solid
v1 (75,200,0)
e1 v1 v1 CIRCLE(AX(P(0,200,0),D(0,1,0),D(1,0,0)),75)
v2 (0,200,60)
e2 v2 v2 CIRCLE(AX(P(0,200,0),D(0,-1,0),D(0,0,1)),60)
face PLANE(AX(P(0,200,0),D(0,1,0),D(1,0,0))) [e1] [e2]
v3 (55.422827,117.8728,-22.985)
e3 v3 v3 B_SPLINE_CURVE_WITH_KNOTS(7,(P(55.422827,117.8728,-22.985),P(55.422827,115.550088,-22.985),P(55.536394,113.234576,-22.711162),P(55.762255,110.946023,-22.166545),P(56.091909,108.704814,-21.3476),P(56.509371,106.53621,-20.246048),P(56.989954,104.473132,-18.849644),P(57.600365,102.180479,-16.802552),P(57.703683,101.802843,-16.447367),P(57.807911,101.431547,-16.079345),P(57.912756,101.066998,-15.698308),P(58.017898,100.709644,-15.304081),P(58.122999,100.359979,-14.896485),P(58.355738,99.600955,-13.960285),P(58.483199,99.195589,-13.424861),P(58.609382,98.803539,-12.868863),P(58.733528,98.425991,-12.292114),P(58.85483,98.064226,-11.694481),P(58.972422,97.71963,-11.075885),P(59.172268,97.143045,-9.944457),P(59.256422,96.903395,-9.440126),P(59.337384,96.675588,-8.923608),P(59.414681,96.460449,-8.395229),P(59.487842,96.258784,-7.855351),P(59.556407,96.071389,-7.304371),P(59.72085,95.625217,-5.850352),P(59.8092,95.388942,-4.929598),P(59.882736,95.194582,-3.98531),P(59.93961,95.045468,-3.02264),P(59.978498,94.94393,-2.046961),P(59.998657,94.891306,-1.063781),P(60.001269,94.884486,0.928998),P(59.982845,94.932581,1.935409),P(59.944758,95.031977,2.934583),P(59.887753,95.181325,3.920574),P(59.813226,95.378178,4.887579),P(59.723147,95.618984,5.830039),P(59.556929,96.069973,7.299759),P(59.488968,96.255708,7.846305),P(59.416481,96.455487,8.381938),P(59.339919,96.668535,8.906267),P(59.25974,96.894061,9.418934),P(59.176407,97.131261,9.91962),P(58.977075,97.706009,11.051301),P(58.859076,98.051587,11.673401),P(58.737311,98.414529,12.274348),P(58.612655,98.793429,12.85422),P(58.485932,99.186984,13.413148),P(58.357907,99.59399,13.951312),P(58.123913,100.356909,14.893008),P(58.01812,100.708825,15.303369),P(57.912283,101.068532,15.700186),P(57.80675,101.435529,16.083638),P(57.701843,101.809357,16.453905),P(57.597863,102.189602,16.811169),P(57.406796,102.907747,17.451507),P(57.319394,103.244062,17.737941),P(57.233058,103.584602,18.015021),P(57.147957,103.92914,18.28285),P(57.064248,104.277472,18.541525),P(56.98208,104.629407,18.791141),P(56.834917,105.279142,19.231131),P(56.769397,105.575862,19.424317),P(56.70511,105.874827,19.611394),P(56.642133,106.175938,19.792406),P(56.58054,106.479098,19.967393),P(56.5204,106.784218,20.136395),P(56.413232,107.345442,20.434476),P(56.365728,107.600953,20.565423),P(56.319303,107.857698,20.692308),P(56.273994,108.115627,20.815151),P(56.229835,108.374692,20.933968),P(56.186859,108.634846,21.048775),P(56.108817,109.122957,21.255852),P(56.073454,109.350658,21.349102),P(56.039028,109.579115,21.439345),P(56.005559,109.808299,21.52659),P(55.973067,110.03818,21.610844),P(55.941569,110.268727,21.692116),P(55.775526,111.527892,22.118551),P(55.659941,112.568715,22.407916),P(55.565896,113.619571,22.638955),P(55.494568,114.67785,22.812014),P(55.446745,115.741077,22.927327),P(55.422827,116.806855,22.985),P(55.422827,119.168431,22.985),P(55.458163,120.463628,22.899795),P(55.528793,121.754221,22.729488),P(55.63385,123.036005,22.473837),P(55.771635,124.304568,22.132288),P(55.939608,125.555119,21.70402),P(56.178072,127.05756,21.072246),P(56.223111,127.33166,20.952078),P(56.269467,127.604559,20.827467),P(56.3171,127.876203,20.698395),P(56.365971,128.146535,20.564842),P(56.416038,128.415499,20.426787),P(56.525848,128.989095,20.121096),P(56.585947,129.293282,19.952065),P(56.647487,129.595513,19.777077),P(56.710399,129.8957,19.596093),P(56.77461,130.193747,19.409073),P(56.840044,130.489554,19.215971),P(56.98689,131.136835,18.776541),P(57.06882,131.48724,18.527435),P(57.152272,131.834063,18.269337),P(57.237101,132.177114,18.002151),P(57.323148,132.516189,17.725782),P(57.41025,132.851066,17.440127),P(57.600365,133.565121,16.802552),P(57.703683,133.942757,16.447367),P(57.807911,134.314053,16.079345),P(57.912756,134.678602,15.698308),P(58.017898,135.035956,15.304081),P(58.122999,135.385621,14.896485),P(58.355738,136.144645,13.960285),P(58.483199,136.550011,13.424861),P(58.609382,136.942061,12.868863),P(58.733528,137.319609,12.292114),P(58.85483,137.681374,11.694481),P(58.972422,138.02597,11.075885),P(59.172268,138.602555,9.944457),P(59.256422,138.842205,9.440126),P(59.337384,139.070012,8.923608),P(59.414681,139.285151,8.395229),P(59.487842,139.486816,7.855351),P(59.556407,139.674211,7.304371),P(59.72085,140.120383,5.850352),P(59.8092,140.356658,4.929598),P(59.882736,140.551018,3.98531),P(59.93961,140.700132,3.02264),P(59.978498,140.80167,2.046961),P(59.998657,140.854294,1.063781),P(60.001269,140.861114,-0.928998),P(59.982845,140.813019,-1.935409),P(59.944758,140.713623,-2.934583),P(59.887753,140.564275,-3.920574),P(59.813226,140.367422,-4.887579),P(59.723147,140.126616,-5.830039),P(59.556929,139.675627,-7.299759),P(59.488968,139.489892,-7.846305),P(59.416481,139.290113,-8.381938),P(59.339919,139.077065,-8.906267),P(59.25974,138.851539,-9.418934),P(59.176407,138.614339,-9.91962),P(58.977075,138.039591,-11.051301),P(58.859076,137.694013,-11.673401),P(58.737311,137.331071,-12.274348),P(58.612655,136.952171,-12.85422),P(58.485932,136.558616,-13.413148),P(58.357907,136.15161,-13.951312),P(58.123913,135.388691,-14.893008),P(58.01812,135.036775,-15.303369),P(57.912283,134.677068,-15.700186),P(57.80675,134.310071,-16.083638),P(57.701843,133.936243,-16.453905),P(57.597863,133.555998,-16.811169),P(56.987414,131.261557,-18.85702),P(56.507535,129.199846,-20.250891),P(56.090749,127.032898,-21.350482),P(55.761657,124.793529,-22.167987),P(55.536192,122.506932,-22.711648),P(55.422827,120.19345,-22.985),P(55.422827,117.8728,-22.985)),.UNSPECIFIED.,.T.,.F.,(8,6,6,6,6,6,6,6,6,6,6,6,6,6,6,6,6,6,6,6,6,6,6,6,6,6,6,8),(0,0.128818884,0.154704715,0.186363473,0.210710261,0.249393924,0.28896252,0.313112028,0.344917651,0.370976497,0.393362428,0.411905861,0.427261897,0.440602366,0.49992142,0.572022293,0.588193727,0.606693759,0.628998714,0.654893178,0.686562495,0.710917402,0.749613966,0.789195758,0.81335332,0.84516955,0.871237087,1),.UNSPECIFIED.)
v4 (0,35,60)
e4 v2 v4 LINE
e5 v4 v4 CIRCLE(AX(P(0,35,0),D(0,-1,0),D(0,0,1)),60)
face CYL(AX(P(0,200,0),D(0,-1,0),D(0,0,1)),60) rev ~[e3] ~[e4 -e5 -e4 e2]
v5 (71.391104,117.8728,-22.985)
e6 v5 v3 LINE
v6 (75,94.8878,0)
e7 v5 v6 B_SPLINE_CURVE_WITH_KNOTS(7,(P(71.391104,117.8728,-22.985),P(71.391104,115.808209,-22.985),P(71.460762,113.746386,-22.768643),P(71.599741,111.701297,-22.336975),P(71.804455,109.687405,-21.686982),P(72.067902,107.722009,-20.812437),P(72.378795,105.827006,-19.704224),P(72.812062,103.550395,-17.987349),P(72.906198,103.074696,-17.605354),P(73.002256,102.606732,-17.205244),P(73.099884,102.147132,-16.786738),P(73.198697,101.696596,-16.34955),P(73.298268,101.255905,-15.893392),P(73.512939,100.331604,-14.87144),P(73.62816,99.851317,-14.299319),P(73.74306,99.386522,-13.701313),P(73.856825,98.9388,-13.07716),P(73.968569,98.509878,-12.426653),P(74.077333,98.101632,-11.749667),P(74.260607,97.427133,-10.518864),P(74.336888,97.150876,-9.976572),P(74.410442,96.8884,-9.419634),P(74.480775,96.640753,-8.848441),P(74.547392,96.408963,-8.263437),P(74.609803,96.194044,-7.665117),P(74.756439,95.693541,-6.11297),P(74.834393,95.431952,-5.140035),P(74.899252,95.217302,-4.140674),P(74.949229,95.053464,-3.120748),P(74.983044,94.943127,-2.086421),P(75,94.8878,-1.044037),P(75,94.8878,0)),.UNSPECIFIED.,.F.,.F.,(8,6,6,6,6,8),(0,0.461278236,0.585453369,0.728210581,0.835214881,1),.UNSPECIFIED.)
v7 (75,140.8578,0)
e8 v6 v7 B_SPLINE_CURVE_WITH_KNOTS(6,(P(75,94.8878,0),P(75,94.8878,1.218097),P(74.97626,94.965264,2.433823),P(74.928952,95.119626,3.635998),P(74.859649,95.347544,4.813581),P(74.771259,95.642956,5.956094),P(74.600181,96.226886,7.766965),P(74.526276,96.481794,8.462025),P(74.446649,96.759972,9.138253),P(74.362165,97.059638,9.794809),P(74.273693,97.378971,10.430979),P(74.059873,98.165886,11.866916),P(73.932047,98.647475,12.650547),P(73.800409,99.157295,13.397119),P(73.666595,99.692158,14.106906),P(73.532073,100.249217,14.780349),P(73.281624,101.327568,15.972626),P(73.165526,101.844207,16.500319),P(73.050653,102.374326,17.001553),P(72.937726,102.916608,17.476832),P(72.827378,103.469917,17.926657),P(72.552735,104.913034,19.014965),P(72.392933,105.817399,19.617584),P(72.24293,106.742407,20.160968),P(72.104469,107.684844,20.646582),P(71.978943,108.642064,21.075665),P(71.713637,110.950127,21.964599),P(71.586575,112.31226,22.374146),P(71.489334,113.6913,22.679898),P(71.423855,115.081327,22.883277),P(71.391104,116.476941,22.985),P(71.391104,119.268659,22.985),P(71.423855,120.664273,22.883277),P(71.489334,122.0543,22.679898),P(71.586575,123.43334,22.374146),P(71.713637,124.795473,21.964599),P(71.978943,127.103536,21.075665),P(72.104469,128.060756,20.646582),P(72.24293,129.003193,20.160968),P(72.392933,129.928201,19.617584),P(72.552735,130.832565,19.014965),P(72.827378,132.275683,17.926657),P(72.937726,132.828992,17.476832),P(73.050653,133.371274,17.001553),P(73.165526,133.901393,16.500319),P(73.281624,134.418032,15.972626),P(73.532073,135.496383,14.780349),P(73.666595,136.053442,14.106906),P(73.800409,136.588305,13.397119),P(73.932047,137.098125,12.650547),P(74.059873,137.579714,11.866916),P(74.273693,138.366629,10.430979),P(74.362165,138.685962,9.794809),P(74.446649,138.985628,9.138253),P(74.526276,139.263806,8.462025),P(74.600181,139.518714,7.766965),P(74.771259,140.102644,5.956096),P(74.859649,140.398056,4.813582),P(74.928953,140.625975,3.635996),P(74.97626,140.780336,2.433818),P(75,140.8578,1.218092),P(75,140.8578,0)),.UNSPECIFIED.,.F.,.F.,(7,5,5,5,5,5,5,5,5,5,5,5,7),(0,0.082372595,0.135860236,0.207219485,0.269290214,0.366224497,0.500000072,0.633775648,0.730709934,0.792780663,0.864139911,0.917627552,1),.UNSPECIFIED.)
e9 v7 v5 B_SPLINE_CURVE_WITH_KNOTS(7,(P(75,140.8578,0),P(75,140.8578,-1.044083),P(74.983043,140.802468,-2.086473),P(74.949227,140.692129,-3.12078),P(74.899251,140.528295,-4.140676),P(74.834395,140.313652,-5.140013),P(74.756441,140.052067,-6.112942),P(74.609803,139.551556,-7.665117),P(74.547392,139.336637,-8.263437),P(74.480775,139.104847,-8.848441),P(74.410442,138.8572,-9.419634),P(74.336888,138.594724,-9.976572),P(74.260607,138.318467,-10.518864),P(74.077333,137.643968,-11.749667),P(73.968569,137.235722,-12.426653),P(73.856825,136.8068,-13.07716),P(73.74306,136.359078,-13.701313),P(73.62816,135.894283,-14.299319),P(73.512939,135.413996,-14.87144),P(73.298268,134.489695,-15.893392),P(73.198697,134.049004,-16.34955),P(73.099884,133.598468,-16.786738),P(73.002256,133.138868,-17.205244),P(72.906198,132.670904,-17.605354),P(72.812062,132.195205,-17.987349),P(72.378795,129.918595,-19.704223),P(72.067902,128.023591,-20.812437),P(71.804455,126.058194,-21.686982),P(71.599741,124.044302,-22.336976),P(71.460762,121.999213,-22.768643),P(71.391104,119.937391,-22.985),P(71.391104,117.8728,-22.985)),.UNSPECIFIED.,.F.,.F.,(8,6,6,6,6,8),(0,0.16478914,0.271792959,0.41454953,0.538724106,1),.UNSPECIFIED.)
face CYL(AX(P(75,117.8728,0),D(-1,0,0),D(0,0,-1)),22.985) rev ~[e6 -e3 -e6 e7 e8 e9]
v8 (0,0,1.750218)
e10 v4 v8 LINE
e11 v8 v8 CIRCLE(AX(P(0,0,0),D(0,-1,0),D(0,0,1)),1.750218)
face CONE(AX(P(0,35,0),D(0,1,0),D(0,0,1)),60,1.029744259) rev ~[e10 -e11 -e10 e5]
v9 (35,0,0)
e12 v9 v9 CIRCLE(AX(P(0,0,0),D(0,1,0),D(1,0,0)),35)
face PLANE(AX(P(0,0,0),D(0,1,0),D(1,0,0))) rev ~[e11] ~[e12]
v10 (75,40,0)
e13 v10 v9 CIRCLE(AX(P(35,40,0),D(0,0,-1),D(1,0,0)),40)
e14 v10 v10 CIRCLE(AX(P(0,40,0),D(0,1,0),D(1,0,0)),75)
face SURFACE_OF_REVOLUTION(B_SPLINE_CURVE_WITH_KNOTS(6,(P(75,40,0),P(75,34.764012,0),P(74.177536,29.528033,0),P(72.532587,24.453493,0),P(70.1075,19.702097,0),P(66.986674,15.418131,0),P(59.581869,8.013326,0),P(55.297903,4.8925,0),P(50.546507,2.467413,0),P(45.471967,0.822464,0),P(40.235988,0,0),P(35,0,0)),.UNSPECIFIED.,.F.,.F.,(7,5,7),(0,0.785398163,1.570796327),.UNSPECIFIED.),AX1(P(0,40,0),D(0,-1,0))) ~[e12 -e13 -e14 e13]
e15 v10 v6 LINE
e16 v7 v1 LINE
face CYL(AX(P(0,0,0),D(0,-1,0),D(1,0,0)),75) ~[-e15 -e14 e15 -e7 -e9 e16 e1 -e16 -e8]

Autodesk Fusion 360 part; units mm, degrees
sketch "Sketch2" plane through (0, 0, 0) normal (0, 1, 0) x (1, 0, 0)
  circle A0 centre (0, 0) radius 75
  dimension "d1" = 150
extrude "Extrude1" add sketch "Sketch2" along normal blind 200
fillet "Fillet1" radius 40 1 edges at (-69.9246, 0, 27.1212)
hole "Hole1" at (0, 200, 0) direction (0, -1, 0) diameter 120 depth 165 tip angle 118
hole "Hole2" at (75, 117.8728, 0) direction (-1, 0, 0) diameter 45.97 depth 50 tip angle 118
